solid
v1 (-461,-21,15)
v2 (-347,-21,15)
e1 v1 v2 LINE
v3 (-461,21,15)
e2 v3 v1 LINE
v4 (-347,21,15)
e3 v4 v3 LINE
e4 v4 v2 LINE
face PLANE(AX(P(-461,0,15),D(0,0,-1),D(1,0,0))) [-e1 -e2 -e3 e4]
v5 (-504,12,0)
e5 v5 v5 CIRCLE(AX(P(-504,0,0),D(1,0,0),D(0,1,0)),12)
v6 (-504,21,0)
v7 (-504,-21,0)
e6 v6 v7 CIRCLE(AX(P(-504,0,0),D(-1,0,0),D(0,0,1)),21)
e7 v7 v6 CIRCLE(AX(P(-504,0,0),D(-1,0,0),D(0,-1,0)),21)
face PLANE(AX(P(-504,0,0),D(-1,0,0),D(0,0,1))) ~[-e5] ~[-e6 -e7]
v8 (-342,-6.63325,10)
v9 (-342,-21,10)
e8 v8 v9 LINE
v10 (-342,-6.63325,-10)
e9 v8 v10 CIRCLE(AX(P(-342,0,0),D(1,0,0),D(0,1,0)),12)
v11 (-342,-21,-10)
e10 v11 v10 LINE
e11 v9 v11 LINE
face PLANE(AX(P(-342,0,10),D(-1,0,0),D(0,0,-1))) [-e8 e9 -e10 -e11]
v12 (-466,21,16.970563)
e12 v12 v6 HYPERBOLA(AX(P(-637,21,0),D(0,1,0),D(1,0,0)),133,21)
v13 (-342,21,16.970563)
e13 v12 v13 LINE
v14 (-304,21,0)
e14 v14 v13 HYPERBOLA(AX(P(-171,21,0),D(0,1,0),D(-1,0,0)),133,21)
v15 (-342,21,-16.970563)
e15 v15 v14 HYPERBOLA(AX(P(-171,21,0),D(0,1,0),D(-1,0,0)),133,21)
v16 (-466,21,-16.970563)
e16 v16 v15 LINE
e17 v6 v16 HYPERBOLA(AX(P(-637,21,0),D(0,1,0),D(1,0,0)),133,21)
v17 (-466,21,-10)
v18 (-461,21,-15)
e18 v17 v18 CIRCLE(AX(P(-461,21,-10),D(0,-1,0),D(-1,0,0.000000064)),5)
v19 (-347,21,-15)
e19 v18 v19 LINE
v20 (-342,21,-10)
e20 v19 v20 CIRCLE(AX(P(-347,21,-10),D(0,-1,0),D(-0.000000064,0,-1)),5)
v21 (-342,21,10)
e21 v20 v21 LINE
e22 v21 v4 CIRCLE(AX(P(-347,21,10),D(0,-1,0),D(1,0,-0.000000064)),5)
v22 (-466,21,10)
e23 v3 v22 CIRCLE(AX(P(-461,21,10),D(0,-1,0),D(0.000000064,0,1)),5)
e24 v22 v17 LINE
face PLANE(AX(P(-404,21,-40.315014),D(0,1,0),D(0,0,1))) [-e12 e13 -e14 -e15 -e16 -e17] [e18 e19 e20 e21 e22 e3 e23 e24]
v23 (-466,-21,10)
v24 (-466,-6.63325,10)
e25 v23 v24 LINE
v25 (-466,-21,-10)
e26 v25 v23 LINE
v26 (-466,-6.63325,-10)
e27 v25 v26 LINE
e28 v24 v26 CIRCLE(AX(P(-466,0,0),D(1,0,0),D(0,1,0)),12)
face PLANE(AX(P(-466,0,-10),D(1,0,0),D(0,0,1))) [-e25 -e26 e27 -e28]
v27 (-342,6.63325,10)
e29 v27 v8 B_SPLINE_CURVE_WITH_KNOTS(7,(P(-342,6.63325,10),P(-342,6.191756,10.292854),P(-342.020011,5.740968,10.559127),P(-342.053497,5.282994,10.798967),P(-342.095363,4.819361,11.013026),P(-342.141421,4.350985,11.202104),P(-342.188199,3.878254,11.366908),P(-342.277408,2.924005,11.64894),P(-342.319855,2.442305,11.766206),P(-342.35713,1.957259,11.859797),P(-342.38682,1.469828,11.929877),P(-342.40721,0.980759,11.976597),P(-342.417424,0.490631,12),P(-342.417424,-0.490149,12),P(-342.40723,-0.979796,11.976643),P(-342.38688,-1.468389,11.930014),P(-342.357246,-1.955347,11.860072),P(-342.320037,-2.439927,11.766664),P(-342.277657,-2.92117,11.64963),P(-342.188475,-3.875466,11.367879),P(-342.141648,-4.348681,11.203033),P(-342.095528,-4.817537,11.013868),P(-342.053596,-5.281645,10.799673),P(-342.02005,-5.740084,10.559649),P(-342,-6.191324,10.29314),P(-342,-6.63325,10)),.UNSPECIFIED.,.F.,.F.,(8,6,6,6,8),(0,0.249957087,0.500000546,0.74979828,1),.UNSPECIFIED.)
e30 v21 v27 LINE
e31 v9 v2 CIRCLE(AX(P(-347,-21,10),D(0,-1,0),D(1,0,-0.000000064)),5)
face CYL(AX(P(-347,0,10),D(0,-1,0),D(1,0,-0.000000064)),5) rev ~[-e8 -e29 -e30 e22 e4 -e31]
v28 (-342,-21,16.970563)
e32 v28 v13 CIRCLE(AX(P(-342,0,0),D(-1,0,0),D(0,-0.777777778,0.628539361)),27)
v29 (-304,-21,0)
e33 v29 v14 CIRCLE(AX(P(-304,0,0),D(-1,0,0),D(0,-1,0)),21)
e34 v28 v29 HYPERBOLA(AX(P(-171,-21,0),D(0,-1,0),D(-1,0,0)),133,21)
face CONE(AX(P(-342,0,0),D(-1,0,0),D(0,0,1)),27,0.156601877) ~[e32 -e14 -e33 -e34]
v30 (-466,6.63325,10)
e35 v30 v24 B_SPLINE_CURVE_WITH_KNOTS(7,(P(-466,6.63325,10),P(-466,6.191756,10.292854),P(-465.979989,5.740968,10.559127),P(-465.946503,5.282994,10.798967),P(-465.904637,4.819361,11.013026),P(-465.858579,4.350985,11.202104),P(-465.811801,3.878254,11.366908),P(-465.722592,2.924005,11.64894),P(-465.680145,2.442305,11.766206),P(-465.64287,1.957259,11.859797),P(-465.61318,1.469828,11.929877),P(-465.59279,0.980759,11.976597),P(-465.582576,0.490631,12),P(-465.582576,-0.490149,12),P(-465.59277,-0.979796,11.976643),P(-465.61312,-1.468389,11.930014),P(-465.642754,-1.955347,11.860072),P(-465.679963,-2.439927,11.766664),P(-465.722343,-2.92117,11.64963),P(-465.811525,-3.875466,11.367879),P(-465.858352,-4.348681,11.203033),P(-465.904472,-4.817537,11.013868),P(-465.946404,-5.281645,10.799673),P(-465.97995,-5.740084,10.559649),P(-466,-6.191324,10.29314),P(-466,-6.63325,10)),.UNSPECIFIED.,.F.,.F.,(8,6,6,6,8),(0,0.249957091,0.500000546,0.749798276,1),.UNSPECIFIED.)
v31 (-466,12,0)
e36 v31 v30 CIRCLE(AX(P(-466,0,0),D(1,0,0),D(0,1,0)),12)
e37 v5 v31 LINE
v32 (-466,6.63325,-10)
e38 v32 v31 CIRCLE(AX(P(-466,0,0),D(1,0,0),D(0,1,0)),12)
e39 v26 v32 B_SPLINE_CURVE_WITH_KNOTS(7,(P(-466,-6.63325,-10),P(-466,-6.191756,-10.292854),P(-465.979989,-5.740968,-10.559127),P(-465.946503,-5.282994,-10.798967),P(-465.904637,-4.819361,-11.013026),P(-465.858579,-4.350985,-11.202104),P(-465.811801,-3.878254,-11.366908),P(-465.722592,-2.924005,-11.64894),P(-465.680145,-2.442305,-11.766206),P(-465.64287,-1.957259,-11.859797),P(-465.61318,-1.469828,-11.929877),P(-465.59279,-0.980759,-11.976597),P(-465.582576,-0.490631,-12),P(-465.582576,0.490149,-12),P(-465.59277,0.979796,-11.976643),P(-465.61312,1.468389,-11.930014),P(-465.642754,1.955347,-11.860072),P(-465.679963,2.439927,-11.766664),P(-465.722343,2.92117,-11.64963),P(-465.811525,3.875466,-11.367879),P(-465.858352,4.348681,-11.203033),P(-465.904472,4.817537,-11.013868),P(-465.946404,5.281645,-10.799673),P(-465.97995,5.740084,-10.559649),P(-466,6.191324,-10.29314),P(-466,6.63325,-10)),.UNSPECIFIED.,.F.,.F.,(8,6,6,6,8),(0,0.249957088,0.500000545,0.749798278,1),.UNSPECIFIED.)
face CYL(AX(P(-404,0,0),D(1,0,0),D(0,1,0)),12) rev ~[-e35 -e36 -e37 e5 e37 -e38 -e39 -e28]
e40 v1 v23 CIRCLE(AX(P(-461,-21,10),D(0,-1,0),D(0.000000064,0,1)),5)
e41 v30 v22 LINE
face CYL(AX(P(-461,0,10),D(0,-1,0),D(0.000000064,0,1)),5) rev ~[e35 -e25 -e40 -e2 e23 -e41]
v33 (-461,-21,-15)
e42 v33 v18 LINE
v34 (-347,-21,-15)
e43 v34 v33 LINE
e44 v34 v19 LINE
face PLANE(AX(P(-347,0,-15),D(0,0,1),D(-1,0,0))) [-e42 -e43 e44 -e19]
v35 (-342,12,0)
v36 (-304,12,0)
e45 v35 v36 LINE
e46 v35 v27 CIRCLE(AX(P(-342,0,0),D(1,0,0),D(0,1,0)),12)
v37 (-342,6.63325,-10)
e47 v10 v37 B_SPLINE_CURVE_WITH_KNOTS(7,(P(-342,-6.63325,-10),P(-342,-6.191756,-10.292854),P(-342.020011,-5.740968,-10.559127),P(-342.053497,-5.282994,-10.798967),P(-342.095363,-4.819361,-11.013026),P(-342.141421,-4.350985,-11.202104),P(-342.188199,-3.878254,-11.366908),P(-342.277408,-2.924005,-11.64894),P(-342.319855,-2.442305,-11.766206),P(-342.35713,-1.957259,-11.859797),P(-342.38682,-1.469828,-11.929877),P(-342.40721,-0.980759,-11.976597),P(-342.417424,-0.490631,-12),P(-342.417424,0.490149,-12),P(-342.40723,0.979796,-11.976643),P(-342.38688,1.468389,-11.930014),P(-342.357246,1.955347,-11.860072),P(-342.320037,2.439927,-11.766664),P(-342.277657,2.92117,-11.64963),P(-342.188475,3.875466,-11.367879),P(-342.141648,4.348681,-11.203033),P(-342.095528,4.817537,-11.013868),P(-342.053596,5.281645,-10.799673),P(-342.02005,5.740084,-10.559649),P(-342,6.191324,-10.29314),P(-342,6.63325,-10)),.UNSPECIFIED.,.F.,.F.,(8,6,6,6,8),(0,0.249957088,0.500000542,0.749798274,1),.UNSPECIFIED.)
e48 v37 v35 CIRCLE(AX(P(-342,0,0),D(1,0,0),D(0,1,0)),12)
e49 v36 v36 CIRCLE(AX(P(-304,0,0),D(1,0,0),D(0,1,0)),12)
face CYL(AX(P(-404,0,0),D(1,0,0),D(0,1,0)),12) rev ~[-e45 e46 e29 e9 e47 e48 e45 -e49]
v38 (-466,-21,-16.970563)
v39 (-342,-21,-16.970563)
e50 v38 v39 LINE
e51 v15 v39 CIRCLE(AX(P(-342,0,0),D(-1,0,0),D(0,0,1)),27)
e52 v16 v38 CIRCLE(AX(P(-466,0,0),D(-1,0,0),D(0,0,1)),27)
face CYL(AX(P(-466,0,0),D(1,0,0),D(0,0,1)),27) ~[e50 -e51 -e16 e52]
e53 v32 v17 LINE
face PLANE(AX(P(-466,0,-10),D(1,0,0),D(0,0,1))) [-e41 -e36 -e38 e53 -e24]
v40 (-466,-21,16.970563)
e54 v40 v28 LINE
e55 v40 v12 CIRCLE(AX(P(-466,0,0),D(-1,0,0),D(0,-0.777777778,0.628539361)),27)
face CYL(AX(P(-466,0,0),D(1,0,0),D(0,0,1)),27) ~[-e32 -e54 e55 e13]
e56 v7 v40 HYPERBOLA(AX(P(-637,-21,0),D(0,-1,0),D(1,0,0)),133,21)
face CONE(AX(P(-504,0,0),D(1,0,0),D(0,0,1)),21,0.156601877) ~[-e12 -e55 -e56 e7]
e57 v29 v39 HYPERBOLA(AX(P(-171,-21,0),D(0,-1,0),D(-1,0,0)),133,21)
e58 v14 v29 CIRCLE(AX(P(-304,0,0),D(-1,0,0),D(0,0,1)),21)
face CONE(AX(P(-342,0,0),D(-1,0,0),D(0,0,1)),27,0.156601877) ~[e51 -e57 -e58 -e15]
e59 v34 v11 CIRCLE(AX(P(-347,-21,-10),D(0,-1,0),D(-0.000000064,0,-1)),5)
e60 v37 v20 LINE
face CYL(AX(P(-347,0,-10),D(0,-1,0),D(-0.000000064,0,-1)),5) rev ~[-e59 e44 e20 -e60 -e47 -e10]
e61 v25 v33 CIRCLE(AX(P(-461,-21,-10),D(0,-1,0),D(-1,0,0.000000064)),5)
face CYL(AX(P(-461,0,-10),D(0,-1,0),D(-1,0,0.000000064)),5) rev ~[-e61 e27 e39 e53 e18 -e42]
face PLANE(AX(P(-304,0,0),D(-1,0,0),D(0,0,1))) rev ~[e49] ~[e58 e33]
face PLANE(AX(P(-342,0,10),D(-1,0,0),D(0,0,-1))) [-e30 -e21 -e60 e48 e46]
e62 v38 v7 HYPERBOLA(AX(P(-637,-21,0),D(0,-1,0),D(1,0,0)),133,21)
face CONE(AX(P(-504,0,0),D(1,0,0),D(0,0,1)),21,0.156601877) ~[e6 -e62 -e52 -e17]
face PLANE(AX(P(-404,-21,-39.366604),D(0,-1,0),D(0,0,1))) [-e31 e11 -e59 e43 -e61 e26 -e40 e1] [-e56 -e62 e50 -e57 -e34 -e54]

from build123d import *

# Parameters (mm, degrees)
SKETCH014_R      = 12
EXTRUDE006_DEPTH = 150
EXTRUDE005_DEPTH = 30
SKETCH012_W      = 15
SKETCH012_H      = 79.05159
SKETCH012_H_2    = 80
EXTRUDE004_DEPTH = 150


with BuildPart() as extrude006:
    # Sketch014 → Extrude006 (new body, symmetric)
    with BuildSketch(Plane.YZ):
        Circle(SKETCH014_R)
    extrude(amount=EXTRUDE006_DEPTH, both=True)


with BuildPart() as extrude005:
    # Sketch013 → Extrude005 (new body, symmetric)
    with BuildSketch(Plane.XZ):
        with BuildLine():
            Line((62, 10), (62, -10))
            ThreePointArc((57, -15), (60.535534, -13.535534), (62, -10))
            Line((57, -15), (-57, -15))
            ThreePointArc((-62, -10), (-60.535534, -13.535534), (-57, -15))
            Line((-62, -10), (-62, 10))
            ThreePointArc((-57, 15), (-60.535534, 13.535534), (-62, 10))
            Line((-57, 15), (57, 15))
            ThreePointArc((62, 10), (60.535534, 13.535534), (57, 15))
        make_face()
    extrude(amount=EXTRUDE005_DEPTH, both=True)


with BuildPart() as extrude004:
    # Sketch012 → Extrude004 (new body, symmetric)
    with BuildSketch(Plane.YZ):
        with Locations((-28.5, 0.159191)):
            Rectangle(SKETCH012_W, SKETCH012_H)
        with Locations((28.5, -0.315014)):
            Rectangle(SKETCH012_W, SKETCH012_H_2)
    extrude(amount=EXTRUDE004_DEPTH, both=True)


with BuildPart() as turnbackle:
    # Sketch011 → Revolve (revolve)
    with BuildSketch(Plane.XZ):
        Polygon((-100, 0), (-100, 21), (-62, 27), (62, 27), (100, 21), (100, 0), align=None)
    revolve(axis=Axis((-100, 0, 0), (-1, 0, 0)))

    # Cut004: cut Extrude004
    add(extrude004.part, mode=Mode.SUBTRACT)

    # Cut005: cut Extrude005
    add(extrude005.part, mode=Mode.SUBTRACT)

    # Cut006: cut Extrude006
    add(extrude006.part, mode=Mode.SUBTRACT)


with BuildPart() as turnbackle_1:
    # Cut006 placement: moved
    add(turnbackle.part.moved(Location((-404, 0, 0))))


solid = turnbackle_1.part
